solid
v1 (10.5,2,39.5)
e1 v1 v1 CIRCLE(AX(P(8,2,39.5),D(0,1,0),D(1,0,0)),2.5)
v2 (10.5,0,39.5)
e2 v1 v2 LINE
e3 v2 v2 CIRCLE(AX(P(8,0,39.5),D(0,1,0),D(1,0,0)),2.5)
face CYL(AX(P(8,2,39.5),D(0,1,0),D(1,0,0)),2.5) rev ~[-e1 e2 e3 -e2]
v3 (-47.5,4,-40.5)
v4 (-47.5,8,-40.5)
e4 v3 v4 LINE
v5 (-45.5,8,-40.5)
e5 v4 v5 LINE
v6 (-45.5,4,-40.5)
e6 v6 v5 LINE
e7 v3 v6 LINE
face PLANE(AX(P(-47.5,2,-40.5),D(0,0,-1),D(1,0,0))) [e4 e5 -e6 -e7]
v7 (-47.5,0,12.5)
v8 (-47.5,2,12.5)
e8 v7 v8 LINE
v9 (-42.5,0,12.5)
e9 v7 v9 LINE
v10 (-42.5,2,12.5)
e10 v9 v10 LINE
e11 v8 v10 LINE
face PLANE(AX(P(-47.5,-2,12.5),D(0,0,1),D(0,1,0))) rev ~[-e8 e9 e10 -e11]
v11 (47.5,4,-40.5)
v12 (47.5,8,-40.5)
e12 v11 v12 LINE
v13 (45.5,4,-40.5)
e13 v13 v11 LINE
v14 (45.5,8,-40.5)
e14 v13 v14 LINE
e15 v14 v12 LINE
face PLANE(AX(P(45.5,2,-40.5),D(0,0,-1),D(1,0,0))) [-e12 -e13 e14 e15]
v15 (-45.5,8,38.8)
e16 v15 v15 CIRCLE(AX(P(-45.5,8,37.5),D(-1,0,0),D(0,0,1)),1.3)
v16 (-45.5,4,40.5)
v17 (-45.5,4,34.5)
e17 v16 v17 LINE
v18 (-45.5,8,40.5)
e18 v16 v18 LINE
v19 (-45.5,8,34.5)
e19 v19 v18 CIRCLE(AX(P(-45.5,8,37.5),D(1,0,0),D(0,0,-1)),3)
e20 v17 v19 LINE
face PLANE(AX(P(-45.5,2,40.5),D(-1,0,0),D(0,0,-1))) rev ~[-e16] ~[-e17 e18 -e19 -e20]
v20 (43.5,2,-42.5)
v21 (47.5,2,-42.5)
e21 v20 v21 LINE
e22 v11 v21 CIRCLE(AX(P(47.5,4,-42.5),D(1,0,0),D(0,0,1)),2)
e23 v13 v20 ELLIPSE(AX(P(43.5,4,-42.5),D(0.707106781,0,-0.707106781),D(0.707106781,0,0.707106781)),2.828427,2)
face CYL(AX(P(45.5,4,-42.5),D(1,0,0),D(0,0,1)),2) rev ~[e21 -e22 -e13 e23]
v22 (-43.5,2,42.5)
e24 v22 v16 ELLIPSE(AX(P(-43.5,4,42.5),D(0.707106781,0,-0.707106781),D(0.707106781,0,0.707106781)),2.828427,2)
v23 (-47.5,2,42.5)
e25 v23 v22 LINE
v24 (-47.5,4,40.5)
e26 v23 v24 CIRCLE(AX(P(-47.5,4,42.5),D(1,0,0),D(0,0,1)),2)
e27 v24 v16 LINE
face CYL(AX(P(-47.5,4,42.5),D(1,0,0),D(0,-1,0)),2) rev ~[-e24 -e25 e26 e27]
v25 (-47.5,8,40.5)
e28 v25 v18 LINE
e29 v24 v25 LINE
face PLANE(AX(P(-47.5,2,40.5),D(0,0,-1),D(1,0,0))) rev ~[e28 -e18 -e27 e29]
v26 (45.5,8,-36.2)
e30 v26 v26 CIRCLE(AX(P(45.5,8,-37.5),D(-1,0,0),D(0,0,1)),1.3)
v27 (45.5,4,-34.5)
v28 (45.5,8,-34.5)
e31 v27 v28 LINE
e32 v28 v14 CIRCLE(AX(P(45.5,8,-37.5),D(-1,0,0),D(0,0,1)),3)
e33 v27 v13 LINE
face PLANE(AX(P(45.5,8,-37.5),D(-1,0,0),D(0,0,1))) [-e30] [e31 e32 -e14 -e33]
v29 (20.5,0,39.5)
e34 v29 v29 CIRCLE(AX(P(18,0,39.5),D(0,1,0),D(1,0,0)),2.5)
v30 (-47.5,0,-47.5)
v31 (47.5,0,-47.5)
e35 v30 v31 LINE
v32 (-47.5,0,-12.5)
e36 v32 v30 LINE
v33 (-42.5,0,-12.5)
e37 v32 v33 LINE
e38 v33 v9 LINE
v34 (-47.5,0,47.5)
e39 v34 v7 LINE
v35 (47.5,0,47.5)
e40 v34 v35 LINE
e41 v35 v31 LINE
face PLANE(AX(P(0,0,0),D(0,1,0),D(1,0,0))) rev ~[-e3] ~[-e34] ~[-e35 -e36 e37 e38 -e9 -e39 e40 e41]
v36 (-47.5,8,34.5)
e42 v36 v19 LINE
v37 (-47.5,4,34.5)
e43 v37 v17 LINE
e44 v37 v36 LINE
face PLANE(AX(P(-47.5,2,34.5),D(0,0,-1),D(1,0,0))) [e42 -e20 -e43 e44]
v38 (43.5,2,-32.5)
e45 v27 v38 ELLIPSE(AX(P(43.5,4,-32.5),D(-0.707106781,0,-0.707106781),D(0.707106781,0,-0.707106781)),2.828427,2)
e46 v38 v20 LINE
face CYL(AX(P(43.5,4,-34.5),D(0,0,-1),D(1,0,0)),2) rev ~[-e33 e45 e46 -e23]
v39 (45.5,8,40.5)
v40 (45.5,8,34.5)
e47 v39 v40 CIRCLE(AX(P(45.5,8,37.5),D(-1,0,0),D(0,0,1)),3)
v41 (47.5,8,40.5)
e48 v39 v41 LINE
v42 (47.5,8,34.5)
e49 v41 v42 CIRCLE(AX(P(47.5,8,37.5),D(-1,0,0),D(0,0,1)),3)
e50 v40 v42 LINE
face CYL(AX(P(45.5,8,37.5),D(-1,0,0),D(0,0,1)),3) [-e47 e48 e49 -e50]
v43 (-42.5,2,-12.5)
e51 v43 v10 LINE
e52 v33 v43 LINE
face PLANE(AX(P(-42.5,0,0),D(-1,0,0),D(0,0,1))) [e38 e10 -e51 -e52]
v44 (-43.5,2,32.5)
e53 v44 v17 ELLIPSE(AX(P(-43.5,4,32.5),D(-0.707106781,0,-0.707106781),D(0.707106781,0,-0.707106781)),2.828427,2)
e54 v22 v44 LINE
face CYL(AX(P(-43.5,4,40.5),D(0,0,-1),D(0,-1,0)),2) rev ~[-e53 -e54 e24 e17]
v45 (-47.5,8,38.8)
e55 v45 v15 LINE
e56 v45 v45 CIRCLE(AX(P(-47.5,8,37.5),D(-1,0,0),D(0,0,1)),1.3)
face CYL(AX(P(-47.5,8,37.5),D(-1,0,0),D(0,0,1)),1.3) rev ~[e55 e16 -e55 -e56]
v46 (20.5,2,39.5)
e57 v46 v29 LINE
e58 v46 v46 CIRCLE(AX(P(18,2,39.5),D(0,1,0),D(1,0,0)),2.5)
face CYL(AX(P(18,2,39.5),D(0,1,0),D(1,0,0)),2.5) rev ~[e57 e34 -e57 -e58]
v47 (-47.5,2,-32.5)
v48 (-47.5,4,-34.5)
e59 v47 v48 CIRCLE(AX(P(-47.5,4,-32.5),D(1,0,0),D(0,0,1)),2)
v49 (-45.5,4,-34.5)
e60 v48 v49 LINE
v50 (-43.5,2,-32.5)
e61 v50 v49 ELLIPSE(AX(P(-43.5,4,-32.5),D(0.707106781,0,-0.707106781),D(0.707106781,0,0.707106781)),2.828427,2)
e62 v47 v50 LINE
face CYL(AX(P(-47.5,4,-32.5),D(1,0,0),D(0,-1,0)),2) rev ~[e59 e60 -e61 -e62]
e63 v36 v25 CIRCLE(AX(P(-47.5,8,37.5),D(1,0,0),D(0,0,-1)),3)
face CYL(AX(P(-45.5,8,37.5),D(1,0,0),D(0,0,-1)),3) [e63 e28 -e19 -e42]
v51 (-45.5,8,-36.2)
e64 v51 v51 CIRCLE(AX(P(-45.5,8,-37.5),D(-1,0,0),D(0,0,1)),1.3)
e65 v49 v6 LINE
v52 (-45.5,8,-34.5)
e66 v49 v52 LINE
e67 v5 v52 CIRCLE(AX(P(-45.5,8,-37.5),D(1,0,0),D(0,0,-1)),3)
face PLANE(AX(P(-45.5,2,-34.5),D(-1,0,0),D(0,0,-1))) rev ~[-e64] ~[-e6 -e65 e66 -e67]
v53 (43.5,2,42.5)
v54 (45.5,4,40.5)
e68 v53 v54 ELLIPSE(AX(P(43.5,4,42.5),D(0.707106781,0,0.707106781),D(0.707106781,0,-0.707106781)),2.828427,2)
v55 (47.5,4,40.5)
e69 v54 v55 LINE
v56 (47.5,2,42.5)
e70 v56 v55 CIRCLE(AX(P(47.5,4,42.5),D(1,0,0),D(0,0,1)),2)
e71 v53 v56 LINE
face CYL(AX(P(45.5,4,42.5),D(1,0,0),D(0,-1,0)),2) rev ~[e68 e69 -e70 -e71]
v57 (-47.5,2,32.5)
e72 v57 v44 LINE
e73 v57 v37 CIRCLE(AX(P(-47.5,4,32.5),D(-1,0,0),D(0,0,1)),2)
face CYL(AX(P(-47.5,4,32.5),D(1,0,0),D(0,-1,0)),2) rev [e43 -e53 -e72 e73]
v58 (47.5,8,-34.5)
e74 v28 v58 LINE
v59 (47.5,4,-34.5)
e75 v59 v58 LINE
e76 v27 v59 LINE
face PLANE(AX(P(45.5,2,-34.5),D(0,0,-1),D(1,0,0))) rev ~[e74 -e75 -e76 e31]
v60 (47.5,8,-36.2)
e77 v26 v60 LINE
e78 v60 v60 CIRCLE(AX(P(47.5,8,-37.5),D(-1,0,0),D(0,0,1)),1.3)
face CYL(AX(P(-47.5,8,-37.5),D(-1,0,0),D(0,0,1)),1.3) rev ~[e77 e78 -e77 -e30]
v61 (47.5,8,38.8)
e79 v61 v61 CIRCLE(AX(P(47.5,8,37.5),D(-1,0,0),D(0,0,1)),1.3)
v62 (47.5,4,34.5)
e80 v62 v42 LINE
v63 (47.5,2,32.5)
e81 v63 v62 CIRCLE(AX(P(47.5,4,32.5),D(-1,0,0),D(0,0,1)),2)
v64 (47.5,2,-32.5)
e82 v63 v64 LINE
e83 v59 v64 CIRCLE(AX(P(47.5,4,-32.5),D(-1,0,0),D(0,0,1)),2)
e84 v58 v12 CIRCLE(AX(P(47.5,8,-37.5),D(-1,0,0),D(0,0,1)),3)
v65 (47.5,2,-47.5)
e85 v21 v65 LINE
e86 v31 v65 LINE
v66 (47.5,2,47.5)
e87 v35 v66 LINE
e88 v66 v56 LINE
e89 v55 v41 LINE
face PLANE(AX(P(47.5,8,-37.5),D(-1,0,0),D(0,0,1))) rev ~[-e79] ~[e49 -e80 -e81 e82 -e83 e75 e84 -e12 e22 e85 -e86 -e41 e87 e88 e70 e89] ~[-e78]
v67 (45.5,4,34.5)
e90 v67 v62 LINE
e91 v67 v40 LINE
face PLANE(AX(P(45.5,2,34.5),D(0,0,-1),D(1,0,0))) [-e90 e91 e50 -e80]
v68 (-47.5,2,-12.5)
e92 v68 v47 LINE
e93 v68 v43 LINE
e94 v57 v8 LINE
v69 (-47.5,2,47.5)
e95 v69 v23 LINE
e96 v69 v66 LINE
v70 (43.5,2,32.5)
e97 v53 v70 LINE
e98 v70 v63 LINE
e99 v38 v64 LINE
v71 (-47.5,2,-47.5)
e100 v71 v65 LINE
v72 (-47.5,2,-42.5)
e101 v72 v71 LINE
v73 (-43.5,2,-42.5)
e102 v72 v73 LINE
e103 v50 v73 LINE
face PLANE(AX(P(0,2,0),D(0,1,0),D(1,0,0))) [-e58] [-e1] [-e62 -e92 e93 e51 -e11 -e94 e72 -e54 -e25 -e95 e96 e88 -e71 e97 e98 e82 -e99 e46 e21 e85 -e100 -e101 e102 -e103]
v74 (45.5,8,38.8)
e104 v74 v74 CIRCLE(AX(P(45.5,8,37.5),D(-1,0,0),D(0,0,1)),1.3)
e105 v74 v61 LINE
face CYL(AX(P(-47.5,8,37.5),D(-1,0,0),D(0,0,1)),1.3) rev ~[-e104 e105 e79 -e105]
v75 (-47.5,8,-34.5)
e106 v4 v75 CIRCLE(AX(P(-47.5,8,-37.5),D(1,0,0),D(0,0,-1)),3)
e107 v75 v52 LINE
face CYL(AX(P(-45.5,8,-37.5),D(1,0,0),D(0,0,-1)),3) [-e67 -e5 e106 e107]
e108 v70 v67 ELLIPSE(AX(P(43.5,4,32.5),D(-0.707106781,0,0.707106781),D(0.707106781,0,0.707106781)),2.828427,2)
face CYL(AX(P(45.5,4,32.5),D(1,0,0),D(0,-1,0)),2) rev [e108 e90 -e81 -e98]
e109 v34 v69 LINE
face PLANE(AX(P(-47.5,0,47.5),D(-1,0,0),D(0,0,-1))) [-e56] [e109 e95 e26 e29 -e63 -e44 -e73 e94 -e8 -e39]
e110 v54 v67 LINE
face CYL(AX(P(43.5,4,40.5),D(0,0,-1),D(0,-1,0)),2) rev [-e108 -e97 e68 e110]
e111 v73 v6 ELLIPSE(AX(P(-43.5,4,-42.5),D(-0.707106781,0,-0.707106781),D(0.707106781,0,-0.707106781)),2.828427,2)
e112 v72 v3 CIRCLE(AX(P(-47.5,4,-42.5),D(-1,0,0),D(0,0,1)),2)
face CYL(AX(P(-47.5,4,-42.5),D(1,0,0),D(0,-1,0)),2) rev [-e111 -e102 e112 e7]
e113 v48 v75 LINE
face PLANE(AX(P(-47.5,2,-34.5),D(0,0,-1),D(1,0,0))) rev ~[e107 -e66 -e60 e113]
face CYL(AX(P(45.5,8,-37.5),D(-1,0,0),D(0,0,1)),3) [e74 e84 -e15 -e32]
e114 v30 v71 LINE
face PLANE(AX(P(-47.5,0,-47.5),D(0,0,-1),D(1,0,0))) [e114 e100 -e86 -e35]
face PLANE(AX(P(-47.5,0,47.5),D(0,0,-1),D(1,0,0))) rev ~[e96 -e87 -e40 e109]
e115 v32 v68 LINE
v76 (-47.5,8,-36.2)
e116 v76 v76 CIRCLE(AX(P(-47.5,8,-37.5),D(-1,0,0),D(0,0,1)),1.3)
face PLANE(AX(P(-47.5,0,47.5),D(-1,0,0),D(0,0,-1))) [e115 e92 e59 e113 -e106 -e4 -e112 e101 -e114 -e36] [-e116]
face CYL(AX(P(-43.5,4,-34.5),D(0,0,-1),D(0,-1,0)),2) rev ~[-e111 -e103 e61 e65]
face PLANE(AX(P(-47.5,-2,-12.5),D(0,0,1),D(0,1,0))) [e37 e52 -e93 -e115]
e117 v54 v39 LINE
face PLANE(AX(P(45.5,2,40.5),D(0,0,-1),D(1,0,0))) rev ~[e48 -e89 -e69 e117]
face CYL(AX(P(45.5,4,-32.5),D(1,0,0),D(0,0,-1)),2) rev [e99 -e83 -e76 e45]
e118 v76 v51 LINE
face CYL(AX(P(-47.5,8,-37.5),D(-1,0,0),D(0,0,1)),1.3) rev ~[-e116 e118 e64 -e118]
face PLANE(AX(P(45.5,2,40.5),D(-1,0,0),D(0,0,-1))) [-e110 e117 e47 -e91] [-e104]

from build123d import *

# Parameters (mm, degrees)
SKETCH1_W           = 95
SKETCH1_H           = 95
BOSS_EXTRUDE1_DEPTH = 2
SKETCH2_W           = 2
SKETCH2_H           = 6
BOSS_EXTRUDE2_DEPTH = 6
SKETCH3_R           = 3
BOSS_EXTRUDE3_DEPTH = 2
SKETCH6_R           = 3
BOSS_EXTRUDE5_DEPTH = 2
SKETCH8_R           = 1.3
CUT_EXTRUDE2_DEPTH  = 96
FILLET1_R           = 2
SKETCH10_W          = 25
SKETCH10_H          = 4
CUT_EXTRUDE3_DEPTH  = 5
SKETCH11_R          = 2.5
CUT_EXTRUDE4_DEPTH  = 2


with BuildPart() as part:
    # Sketch1 → Boss-Extrude1 (new body)
    with BuildSketch(Plane(origin=(0, 0, 0), x_dir=(1, 0, 0), z_dir=(0, 1, 0))):
        Rectangle(SKETCH1_W, SKETCH1_H)
    extrude(amount=BOSS_EXTRUDE1_DEPTH)

    # Sketch2 → Boss-Extrude2 (add)
    with BuildSketch(Plane(origin=(0, 2, 0), x_dir=(1, 0, 0), z_dir=(0, 1, 0))):
        with Locations((-46.5, -37.5)):
            Rectangle(SKETCH2_W, SKETCH2_H)
        with Locations((-46.5, 37.5)):
            Rectangle(SKETCH2_W, SKETCH2_H)
        with Locations((46.5, -37.5)):
            Rectangle(SKETCH2_W, SKETCH2_H)
        with Locations((46.5, 37.5)):
            Rectangle(SKETCH2_W, SKETCH2_H)
    extrude(amount=BOSS_EXTRUDE2_DEPTH)

    # Sketch3 → Boss-Extrude3 (add)
    with BuildSketch(Plane(origin=(-45.5, 0, 0), x_dir=(0, 0, -1), z_dir=(1, 0, 0))):
        with Locations((-37.5, 8)):
            Circle(SKETCH3_R)
        with Locations((37.5, 8)):
            Circle(SKETCH3_R)
    extrude(amount=-BOSS_EXTRUDE3_DEPTH)

    # Sketch6 → Boss-Extrude5 (add)
    with BuildSketch(Plane.ZY.offset(-45.5)):
        with Locations((-37.5, 8)):
            Circle(SKETCH6_R)
        with Locations((37.5, 8)):
            Circle(SKETCH6_R)
    extrude(amount=-BOSS_EXTRUDE5_DEPTH)

    # Sketch8 → Cut-Extrude2 (cut, through all)
    with BuildSketch(Plane.ZY.offset(47.5)):
        with Locations((-37.5, 8)):
            Circle(SKETCH8_R)
        with Locations((37.5, 8)):
            Circle(SKETCH8_R)
    extrude(amount=-CUT_EXTRUDE2_DEPTH, mode=Mode.SUBTRACT)

    # Fillet1
    fillet1_edges = [part.edges().sort_by_distance(p)[0] for p in [
        (-46.5, 2, 40.5),
        (-45.5, 2, 37.5),
        (-46.5, 2, 34.5),
        (-46.5, 2, -34.5),
        (-45.5, 2, -37.5),
        (-46.5, 2, -40.5),
        (46.5, 2, 34.5),
        (45.5, 2, 37.5),
        (46.5, 2, 40.5),
        (46.5, 2, -40.5),
        (45.5, 2, -37.5),
        (46.5, 2, -34.5),
    ]]
    fillet(fillet1_edges, radius=FILLET1_R)

    # Sketch10 → Cut-Extrude3 (cut)
    with BuildSketch(Plane.ZY.offset(47.5)):
        Rectangle(SKETCH10_W, SKETCH10_H)
    extrude(amount=-CUT_EXTRUDE3_DEPTH, mode=Mode.SUBTRACT)

    # Sketch11 → Cut-Extrude4 (cut)
    with BuildSketch(Plane(origin=(0, 2, 0), x_dir=(1, 0, 0), z_dir=(0, 1, 0))):
        with Locations((18, -39.5)):
            Circle(SKETCH11_R)
        with Locations((8, -39.5)):
            Circle(SKETCH11_R)
    extrude(amount=-CUT_EXTRUDE4_DEPTH, mode=Mode.SUBTRACT)


solid = part.part
